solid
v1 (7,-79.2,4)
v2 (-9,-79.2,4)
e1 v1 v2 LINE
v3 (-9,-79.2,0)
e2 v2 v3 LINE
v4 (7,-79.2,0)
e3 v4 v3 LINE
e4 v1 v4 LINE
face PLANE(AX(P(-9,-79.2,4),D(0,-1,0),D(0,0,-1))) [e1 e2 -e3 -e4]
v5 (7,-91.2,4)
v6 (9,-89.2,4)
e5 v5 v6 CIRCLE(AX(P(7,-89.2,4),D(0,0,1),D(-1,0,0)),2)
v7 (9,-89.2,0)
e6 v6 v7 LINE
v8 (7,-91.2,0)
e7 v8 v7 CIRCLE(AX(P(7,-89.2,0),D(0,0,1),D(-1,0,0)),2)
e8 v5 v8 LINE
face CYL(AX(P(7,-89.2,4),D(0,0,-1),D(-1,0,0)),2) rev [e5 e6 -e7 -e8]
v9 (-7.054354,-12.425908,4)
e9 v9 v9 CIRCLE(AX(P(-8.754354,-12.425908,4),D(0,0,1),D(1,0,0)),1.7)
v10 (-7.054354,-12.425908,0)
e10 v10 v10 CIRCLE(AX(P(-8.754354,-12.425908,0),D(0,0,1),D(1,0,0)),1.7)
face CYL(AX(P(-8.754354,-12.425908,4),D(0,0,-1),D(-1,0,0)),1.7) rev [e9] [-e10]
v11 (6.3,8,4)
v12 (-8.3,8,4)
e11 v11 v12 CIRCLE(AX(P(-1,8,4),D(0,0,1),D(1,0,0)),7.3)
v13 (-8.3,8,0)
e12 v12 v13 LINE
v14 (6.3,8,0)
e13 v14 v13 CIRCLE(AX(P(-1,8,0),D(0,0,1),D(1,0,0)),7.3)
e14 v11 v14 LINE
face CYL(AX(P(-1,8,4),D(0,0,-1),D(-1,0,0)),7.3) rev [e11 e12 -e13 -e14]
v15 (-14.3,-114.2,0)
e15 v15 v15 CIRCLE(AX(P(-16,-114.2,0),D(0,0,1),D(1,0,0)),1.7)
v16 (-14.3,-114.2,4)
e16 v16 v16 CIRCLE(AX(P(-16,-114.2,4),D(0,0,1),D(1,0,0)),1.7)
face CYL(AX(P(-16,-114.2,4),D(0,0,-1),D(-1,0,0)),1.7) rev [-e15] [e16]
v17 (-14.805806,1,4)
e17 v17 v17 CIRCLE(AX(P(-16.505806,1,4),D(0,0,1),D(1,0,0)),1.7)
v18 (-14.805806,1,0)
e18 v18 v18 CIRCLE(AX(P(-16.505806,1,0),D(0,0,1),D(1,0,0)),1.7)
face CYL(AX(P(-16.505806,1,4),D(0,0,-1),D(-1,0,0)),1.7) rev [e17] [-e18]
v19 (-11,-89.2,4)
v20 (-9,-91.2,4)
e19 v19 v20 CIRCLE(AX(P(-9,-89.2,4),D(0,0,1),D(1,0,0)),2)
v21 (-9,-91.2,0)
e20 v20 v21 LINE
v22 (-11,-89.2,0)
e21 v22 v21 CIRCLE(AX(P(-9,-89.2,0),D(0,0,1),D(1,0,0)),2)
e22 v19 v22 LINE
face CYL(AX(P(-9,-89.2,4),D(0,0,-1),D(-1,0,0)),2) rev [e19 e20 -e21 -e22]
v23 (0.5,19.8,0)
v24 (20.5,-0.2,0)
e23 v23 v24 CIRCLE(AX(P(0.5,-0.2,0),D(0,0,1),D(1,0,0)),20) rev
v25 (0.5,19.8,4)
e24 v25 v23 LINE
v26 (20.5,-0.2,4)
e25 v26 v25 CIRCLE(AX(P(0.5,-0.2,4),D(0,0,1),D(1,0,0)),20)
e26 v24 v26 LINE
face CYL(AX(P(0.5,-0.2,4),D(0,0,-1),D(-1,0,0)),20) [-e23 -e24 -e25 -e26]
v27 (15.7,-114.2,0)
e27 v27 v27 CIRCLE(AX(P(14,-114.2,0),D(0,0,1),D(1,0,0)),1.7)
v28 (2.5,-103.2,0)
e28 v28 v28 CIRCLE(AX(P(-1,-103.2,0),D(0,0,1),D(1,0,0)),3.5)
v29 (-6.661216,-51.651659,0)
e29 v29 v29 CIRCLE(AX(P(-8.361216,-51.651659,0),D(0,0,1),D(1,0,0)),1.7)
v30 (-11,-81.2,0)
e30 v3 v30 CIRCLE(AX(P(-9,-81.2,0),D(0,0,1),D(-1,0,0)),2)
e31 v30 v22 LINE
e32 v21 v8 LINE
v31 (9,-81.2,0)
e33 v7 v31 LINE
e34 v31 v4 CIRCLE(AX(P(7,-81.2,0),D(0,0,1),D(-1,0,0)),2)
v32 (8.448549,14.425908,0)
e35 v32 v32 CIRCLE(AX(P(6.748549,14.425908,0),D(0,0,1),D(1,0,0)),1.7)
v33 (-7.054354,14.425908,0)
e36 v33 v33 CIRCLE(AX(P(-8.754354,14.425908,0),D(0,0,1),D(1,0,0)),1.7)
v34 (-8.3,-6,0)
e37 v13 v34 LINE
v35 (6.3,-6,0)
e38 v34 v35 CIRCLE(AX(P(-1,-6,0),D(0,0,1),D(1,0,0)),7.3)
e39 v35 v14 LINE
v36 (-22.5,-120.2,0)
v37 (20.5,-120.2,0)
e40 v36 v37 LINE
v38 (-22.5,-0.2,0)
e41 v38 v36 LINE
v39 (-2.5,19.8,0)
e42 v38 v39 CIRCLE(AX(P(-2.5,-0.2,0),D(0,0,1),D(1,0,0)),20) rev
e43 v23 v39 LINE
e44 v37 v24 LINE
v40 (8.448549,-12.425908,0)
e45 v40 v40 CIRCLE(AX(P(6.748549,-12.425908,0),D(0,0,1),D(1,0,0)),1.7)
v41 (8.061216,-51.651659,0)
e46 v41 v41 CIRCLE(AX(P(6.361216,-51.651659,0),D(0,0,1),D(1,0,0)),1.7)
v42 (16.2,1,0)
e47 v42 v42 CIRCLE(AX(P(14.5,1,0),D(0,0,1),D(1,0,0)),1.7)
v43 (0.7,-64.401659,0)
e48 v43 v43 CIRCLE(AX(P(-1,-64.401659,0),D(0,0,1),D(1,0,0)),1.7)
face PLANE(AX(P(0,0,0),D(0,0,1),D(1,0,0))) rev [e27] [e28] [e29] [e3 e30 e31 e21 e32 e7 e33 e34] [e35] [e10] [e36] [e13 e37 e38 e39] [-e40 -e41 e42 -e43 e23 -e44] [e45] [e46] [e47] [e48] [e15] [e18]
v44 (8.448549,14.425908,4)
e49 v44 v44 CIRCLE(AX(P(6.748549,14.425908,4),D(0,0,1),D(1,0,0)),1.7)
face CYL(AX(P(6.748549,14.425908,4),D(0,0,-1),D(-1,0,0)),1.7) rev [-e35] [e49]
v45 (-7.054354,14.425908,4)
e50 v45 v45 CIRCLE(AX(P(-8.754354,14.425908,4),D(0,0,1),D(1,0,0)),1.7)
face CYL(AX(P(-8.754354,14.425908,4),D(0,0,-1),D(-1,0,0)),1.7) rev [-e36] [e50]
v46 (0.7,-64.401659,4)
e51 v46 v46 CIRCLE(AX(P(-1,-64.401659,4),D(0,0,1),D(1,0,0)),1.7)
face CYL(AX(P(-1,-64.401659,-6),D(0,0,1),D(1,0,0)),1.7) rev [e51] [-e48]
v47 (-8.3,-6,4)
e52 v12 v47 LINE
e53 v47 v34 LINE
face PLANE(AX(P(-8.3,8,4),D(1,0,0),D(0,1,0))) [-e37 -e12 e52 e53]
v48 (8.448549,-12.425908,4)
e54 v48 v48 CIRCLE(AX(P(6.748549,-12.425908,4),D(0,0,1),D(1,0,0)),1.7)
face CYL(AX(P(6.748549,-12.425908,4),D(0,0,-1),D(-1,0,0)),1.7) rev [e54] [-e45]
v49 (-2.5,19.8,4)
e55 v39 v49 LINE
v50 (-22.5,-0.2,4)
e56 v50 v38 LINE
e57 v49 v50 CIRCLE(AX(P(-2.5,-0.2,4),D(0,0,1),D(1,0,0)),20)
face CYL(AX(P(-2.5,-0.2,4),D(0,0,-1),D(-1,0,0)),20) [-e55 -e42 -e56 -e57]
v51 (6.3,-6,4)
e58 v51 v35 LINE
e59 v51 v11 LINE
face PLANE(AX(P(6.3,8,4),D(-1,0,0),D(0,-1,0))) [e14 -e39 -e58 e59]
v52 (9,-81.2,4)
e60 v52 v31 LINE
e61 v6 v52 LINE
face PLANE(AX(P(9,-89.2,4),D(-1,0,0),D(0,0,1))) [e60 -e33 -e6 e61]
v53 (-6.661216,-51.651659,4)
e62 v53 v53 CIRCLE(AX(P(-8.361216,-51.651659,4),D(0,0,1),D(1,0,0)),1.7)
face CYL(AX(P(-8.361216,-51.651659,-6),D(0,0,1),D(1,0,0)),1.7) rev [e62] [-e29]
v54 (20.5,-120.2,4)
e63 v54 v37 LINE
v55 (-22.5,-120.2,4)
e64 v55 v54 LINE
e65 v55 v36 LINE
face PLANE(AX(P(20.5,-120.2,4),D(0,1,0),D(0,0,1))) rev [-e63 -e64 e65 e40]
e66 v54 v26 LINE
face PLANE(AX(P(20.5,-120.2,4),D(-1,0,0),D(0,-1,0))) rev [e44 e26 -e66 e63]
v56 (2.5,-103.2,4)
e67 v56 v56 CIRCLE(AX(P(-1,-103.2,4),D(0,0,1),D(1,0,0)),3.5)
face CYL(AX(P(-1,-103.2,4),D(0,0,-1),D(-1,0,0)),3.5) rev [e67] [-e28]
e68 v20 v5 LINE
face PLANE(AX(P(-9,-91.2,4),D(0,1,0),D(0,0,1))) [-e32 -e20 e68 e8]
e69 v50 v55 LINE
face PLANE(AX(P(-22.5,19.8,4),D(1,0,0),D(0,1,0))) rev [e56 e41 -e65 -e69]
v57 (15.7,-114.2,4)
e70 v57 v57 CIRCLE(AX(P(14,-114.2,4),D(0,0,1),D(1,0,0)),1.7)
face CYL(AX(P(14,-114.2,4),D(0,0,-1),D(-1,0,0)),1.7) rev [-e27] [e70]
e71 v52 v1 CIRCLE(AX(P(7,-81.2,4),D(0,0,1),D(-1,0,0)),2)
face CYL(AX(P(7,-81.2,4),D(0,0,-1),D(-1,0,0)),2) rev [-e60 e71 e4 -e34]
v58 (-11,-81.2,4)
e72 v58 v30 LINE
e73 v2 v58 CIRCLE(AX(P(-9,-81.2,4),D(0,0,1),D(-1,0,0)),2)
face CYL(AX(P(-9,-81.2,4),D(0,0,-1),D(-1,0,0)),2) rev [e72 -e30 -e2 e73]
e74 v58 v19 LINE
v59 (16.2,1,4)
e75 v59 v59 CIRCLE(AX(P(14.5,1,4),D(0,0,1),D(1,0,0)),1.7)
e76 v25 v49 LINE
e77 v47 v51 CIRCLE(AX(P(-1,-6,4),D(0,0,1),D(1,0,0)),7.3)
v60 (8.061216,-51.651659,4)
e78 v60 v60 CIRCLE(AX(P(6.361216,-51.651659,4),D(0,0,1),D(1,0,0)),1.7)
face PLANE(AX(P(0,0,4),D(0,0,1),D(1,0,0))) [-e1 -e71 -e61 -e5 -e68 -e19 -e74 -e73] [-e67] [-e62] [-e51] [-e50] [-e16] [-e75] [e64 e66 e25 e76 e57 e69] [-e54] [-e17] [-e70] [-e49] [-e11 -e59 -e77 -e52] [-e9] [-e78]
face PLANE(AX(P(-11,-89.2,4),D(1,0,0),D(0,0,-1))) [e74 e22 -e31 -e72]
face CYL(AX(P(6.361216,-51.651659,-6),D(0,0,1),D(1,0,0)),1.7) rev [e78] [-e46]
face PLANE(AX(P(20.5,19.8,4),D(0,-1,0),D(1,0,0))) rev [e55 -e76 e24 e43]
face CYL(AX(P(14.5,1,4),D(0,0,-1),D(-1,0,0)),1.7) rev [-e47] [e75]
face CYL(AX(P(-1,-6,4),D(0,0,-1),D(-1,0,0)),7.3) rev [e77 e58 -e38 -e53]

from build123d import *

# Parameters (mm, degrees)
SKETCH1_W           = 43
SKETCH1_H           = 140
SKETCH1_R           = 1.7
SKETCH1_R_2         = 3.5
BOSS_EXTRUDE1_DEPTH = 4
FILLET1_R           = 20
SKETCH2_R           = 1.7
DEPENDANT_DEPTH     = 10


with BuildPart() as part:
    # Sketch1 → Boss-Extrude1 (new body)
    with BuildSketch(Plane.XY):
        with Locations((-1, -50.2)):
            Rectangle(SKETCH1_W, SKETCH1_H)
        with Locations((6.748548523, -12.425907791)):
            Circle(SKETCH1_R, mode=Mode.SUBTRACT)
        with Locations((-8.754354431, -12.425907791)):
            Circle(SKETCH1_R, mode=Mode.SUBTRACT)
        with Locations((-16.505805908, 1)):
            Circle(SKETCH1_R, mode=Mode.SUBTRACT)
        with Locations((-8.754354431, 14.425907791)):
            Circle(SKETCH1_R, mode=Mode.SUBTRACT)
        with Locations((6.748548523, 14.425907791)):
            Circle(SKETCH1_R, mode=Mode.SUBTRACT)
        with Locations((14.5, 1)):
            Circle(SKETCH1_R, mode=Mode.SUBTRACT)
        with Locations((14, -114.2)):
            Circle(SKETCH1_R, mode=Mode.SUBTRACT)
        with Locations((-16, -114.2)):
            Circle(SKETCH1_R, mode=Mode.SUBTRACT)
        with Locations((-1, -103.2)):
            Circle(SKETCH1_R_2, mode=Mode.SUBTRACT)
        with BuildLine():
            Line((6.3, 8), (6.3, -6))
            ThreePointArc((6.3, -6), (-1, -13.3), (-8.3, -6))
            Line((-8.3, -6), (-8.3, 8))
            ThreePointArc((-8.3, 8), (-1, 15.3), (6.3, 8))
        make_face(mode=Mode.SUBTRACT)
        with BuildLine():
            Line((-9, -91.2), (7, -91.2))
            ThreePointArc((7, -91.2), (8.414213562, -90.614213562), (9, -89.2))
            Line((9, -89.2), (9, -81.2))
            ThreePointArc((9, -81.2), (8.414213562, -79.785786438), (7, -79.2))
            Line((7, -79.2), (-9, -79.2))
            ThreePointArc((-9, -79.2), (-10.414213562, -79.785786438), (-11, -81.2))
            Line((-11, -81.2), (-11, -89.2))
            ThreePointArc((-11, -89.2), (-10.414213562, -90.614213562), (-9, -91.2))
        make_face(mode=Mode.SUBTRACT)
    extrude(amount=BOSS_EXTRUDE1_DEPTH)

    # Fillet1
    fillet1_edges = [part.edges().sort_by_distance(p)[0] for p in [
        (-22.5, 19.8, 2),
        (20.5, 19.8, 2),
    ]]
    fillet(fillet1_edges, radius=FILLET1_R)

    # Sketch2 → dependant (cut)
    with BuildSketch(Plane.XY.offset(4)):
        with Locations((-1, -64.401659044)):
            Circle(SKETCH2_R)
        with Locations((6.361215932, -51.651659044)):
            Circle(SKETCH2_R)
        with Locations((-8.361215932, -51.651659044)):
            Circle(SKETCH2_R)
    extrude(amount=-DEPENDANT_DEPTH, mode=Mode.SUBTRACT)


solid = part.part
